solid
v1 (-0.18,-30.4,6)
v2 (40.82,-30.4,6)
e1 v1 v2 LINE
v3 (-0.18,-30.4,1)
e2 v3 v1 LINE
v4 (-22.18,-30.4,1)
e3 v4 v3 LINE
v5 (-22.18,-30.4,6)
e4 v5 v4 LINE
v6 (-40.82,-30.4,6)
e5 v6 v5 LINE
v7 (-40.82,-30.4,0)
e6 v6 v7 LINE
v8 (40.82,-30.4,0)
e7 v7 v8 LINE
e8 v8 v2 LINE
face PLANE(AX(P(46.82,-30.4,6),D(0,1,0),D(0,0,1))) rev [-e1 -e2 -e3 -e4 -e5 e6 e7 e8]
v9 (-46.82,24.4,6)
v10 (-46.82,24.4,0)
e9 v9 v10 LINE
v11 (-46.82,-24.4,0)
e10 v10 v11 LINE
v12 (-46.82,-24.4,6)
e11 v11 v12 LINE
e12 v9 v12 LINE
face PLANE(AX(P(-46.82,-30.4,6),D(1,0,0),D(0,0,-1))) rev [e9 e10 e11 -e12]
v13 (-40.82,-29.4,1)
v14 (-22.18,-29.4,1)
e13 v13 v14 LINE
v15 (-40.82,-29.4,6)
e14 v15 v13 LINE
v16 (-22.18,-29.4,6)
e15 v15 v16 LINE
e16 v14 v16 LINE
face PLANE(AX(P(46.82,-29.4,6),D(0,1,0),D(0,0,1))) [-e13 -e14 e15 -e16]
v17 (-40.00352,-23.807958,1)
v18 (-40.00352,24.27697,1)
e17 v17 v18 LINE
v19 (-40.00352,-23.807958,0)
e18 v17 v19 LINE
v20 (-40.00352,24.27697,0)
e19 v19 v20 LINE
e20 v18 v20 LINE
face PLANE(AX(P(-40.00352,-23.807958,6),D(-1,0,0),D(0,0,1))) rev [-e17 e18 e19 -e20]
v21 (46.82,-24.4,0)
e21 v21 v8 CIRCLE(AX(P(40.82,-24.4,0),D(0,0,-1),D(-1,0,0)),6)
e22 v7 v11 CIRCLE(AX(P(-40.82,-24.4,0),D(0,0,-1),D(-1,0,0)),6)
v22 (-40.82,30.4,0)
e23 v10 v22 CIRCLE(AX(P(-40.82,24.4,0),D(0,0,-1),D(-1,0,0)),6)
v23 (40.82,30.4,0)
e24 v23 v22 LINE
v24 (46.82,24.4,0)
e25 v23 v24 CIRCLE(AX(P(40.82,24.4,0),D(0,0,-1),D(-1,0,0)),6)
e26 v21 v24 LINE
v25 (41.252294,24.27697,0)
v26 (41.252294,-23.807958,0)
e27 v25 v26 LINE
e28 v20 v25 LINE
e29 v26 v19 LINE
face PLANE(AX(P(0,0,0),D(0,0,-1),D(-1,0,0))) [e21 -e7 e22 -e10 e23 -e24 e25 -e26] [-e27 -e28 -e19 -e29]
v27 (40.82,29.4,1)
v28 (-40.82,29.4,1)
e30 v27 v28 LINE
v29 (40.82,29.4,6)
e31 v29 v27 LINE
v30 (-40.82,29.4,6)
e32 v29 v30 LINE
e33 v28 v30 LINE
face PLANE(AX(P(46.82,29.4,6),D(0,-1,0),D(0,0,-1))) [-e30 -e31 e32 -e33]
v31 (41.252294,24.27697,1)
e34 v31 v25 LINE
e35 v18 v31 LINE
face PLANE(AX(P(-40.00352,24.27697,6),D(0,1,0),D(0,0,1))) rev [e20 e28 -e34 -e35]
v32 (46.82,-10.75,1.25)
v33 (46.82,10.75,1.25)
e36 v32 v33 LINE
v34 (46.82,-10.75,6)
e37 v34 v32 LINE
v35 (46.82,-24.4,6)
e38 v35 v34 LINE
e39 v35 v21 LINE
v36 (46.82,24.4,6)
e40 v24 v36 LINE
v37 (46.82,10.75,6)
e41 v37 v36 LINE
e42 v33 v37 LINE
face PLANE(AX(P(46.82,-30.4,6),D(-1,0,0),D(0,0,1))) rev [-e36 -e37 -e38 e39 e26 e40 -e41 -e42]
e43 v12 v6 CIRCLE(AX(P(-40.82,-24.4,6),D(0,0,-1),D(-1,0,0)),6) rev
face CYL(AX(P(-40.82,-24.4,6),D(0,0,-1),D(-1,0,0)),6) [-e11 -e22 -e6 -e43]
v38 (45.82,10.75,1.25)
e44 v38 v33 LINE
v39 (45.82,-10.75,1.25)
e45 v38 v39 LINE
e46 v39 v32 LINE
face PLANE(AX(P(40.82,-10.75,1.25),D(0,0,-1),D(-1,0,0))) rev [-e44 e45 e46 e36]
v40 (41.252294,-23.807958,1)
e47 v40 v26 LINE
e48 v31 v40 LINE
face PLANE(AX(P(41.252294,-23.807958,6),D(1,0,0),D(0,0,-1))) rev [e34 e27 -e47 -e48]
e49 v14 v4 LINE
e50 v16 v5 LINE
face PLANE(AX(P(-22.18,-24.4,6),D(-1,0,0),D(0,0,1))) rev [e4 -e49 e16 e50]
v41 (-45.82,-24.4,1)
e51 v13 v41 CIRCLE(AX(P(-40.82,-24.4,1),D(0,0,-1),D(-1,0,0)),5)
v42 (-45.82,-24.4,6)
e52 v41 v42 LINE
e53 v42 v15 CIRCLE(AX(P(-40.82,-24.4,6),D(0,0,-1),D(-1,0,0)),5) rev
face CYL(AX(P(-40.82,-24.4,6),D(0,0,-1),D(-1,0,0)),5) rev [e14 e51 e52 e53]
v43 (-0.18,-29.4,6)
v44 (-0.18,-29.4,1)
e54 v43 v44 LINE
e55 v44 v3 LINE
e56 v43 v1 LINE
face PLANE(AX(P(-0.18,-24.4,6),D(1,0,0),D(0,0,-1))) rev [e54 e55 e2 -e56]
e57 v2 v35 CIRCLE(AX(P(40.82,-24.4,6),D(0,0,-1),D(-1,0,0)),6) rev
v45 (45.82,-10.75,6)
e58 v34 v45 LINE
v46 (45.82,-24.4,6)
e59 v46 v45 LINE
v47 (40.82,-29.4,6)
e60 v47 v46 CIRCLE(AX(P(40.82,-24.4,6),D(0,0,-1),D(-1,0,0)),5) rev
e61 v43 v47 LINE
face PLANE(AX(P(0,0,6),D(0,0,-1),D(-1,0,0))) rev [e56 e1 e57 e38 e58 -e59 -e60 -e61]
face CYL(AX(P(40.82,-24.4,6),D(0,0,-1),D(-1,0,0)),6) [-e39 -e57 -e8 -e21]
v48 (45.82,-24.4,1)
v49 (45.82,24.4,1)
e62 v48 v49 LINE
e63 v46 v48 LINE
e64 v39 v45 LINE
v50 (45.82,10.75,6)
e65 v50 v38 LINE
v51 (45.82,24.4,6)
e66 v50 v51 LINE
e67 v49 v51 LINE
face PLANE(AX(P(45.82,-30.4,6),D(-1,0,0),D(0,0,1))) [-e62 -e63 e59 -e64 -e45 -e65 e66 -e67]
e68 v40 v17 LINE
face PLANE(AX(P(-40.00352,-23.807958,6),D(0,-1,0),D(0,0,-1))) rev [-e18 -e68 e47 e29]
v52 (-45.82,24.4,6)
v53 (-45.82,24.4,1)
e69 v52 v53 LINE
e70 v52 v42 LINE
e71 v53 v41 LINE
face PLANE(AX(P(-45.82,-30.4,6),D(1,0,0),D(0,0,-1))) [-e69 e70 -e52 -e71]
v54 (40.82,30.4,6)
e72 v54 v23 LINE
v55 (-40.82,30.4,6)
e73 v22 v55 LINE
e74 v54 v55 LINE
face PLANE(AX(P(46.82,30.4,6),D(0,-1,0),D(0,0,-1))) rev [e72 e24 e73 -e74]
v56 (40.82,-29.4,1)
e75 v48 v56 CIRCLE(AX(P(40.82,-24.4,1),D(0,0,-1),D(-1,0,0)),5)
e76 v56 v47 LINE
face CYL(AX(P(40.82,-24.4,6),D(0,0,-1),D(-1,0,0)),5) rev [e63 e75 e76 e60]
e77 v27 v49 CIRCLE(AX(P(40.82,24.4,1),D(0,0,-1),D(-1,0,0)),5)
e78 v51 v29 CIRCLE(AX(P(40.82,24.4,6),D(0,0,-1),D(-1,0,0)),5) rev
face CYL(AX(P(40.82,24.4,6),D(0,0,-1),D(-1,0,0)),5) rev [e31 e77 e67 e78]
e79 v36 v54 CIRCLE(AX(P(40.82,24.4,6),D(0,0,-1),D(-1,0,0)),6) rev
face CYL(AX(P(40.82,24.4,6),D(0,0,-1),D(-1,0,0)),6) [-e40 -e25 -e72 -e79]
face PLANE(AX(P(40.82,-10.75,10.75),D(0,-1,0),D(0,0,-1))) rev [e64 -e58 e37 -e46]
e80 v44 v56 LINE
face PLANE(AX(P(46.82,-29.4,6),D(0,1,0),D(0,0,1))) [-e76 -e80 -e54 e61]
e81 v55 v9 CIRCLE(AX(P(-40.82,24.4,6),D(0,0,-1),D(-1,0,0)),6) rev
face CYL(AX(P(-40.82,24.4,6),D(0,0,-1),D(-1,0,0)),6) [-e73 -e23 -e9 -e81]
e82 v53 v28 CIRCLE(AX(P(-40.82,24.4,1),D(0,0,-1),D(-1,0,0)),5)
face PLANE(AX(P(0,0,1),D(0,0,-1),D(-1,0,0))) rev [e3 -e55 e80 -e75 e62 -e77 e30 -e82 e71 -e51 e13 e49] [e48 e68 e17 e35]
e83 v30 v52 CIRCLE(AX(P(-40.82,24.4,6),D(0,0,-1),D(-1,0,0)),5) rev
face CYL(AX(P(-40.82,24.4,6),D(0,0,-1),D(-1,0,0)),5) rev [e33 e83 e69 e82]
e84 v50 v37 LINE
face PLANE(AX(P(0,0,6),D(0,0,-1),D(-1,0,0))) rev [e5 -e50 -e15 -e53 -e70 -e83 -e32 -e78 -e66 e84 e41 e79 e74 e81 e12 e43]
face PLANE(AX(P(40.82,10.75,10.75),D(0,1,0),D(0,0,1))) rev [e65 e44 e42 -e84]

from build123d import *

# Parameters (mm, degrees)
SKIZZE1_W                       = 60.8
SKIZZE1_H                       = 93.64
AUFSATZ_LINEAR_AUSTRAGEN1_DEPTH = 6
VERRUNDUNG1_R                   = 6
WANDUNG1_T                      = -1
SKIZZE2_W                       = 21.5
SKIZZE2_H                       = 9.5
SCHNITT_LINEAR_AUSTRAGEN1_DEPTH = 6
SKIZZE3_W                       = 22
SKIZZE3_H                       = 5
SCHNITT_LINEAR_AUSTRAGEN2_DEPTH = 6
SKIZZE4_W                       = 81.255814336
SKIZZE4_H                       = 48.084928105
SCHNITT_LINEAR_AUSTRAGEN3_DEPTH = 6


with BuildPart() as part:
    # Skizze1 → Aufsatz-Linear austragen1 (new body)
    with BuildSketch(Plane(origin=(0, 0, 0), x_dir=(0, 1, 0), z_dir=(0, 0, 1))):
        Rectangle(SKIZZE1_W, SKIZZE1_H)
    extrude(amount=AUFSATZ_LINEAR_AUSTRAGEN1_DEPTH)

    # Verrundung1
    verrundung1_edges = [part.edges().sort_by_distance(p)[0] for p in [
        (46.82, 30.4, 3),
        (46.82, -30.4, 3),
        (-46.82, -30.4, 3),
        (-46.82, 30.4, 3),
    ]]
    fillet(verrundung1_edges, radius=VERRUNDUNG1_R)

    # Wandung1
    wandung1_openings = [part.faces().sort_by_distance(p)[0] for p in [
        (0, 0, 6),
    ]]
    offset(amount=WANDUNG1_T, openings=wandung1_openings, kind=Kind.INTERSECTION)

    # Skizze2 → Schnitt-Linear austragen1 (cut)
    with BuildSketch(Plane.YZ.offset(46.82)):
        with Locations((0, 6)):
            Rectangle(SKIZZE2_W, SKIZZE2_H)
    extrude(amount=-SCHNITT_LINEAR_AUSTRAGEN1_DEPTH, mode=Mode.SUBTRACT)

    # Skizze3 → Schnitt-Linear austragen2 (cut)
    with BuildSketch(Plane.XZ.offset(30.4)):
        with Locations((-11.18, 3.5)):
            Rectangle(SKIZZE3_W, SKIZZE3_H)
    extrude(amount=-SCHNITT_LINEAR_AUSTRAGEN2_DEPTH, mode=Mode.SUBTRACT)

    # Skizze4 → Schnitt-Linear austragen3 (cut)
    with BuildSketch(Plane(origin=(0, 0, 0), x_dir=(1, 0, 0), z_dir=(0, 0, -1))):
        with Locations((0.624387115, -0.234506354)):
            Rectangle(SKIZZE4_W, SKIZZE4_H)
    extrude(amount=-SCHNITT_LINEAR_AUSTRAGEN3_DEPTH, mode=Mode.SUBTRACT)


solid = part.part
